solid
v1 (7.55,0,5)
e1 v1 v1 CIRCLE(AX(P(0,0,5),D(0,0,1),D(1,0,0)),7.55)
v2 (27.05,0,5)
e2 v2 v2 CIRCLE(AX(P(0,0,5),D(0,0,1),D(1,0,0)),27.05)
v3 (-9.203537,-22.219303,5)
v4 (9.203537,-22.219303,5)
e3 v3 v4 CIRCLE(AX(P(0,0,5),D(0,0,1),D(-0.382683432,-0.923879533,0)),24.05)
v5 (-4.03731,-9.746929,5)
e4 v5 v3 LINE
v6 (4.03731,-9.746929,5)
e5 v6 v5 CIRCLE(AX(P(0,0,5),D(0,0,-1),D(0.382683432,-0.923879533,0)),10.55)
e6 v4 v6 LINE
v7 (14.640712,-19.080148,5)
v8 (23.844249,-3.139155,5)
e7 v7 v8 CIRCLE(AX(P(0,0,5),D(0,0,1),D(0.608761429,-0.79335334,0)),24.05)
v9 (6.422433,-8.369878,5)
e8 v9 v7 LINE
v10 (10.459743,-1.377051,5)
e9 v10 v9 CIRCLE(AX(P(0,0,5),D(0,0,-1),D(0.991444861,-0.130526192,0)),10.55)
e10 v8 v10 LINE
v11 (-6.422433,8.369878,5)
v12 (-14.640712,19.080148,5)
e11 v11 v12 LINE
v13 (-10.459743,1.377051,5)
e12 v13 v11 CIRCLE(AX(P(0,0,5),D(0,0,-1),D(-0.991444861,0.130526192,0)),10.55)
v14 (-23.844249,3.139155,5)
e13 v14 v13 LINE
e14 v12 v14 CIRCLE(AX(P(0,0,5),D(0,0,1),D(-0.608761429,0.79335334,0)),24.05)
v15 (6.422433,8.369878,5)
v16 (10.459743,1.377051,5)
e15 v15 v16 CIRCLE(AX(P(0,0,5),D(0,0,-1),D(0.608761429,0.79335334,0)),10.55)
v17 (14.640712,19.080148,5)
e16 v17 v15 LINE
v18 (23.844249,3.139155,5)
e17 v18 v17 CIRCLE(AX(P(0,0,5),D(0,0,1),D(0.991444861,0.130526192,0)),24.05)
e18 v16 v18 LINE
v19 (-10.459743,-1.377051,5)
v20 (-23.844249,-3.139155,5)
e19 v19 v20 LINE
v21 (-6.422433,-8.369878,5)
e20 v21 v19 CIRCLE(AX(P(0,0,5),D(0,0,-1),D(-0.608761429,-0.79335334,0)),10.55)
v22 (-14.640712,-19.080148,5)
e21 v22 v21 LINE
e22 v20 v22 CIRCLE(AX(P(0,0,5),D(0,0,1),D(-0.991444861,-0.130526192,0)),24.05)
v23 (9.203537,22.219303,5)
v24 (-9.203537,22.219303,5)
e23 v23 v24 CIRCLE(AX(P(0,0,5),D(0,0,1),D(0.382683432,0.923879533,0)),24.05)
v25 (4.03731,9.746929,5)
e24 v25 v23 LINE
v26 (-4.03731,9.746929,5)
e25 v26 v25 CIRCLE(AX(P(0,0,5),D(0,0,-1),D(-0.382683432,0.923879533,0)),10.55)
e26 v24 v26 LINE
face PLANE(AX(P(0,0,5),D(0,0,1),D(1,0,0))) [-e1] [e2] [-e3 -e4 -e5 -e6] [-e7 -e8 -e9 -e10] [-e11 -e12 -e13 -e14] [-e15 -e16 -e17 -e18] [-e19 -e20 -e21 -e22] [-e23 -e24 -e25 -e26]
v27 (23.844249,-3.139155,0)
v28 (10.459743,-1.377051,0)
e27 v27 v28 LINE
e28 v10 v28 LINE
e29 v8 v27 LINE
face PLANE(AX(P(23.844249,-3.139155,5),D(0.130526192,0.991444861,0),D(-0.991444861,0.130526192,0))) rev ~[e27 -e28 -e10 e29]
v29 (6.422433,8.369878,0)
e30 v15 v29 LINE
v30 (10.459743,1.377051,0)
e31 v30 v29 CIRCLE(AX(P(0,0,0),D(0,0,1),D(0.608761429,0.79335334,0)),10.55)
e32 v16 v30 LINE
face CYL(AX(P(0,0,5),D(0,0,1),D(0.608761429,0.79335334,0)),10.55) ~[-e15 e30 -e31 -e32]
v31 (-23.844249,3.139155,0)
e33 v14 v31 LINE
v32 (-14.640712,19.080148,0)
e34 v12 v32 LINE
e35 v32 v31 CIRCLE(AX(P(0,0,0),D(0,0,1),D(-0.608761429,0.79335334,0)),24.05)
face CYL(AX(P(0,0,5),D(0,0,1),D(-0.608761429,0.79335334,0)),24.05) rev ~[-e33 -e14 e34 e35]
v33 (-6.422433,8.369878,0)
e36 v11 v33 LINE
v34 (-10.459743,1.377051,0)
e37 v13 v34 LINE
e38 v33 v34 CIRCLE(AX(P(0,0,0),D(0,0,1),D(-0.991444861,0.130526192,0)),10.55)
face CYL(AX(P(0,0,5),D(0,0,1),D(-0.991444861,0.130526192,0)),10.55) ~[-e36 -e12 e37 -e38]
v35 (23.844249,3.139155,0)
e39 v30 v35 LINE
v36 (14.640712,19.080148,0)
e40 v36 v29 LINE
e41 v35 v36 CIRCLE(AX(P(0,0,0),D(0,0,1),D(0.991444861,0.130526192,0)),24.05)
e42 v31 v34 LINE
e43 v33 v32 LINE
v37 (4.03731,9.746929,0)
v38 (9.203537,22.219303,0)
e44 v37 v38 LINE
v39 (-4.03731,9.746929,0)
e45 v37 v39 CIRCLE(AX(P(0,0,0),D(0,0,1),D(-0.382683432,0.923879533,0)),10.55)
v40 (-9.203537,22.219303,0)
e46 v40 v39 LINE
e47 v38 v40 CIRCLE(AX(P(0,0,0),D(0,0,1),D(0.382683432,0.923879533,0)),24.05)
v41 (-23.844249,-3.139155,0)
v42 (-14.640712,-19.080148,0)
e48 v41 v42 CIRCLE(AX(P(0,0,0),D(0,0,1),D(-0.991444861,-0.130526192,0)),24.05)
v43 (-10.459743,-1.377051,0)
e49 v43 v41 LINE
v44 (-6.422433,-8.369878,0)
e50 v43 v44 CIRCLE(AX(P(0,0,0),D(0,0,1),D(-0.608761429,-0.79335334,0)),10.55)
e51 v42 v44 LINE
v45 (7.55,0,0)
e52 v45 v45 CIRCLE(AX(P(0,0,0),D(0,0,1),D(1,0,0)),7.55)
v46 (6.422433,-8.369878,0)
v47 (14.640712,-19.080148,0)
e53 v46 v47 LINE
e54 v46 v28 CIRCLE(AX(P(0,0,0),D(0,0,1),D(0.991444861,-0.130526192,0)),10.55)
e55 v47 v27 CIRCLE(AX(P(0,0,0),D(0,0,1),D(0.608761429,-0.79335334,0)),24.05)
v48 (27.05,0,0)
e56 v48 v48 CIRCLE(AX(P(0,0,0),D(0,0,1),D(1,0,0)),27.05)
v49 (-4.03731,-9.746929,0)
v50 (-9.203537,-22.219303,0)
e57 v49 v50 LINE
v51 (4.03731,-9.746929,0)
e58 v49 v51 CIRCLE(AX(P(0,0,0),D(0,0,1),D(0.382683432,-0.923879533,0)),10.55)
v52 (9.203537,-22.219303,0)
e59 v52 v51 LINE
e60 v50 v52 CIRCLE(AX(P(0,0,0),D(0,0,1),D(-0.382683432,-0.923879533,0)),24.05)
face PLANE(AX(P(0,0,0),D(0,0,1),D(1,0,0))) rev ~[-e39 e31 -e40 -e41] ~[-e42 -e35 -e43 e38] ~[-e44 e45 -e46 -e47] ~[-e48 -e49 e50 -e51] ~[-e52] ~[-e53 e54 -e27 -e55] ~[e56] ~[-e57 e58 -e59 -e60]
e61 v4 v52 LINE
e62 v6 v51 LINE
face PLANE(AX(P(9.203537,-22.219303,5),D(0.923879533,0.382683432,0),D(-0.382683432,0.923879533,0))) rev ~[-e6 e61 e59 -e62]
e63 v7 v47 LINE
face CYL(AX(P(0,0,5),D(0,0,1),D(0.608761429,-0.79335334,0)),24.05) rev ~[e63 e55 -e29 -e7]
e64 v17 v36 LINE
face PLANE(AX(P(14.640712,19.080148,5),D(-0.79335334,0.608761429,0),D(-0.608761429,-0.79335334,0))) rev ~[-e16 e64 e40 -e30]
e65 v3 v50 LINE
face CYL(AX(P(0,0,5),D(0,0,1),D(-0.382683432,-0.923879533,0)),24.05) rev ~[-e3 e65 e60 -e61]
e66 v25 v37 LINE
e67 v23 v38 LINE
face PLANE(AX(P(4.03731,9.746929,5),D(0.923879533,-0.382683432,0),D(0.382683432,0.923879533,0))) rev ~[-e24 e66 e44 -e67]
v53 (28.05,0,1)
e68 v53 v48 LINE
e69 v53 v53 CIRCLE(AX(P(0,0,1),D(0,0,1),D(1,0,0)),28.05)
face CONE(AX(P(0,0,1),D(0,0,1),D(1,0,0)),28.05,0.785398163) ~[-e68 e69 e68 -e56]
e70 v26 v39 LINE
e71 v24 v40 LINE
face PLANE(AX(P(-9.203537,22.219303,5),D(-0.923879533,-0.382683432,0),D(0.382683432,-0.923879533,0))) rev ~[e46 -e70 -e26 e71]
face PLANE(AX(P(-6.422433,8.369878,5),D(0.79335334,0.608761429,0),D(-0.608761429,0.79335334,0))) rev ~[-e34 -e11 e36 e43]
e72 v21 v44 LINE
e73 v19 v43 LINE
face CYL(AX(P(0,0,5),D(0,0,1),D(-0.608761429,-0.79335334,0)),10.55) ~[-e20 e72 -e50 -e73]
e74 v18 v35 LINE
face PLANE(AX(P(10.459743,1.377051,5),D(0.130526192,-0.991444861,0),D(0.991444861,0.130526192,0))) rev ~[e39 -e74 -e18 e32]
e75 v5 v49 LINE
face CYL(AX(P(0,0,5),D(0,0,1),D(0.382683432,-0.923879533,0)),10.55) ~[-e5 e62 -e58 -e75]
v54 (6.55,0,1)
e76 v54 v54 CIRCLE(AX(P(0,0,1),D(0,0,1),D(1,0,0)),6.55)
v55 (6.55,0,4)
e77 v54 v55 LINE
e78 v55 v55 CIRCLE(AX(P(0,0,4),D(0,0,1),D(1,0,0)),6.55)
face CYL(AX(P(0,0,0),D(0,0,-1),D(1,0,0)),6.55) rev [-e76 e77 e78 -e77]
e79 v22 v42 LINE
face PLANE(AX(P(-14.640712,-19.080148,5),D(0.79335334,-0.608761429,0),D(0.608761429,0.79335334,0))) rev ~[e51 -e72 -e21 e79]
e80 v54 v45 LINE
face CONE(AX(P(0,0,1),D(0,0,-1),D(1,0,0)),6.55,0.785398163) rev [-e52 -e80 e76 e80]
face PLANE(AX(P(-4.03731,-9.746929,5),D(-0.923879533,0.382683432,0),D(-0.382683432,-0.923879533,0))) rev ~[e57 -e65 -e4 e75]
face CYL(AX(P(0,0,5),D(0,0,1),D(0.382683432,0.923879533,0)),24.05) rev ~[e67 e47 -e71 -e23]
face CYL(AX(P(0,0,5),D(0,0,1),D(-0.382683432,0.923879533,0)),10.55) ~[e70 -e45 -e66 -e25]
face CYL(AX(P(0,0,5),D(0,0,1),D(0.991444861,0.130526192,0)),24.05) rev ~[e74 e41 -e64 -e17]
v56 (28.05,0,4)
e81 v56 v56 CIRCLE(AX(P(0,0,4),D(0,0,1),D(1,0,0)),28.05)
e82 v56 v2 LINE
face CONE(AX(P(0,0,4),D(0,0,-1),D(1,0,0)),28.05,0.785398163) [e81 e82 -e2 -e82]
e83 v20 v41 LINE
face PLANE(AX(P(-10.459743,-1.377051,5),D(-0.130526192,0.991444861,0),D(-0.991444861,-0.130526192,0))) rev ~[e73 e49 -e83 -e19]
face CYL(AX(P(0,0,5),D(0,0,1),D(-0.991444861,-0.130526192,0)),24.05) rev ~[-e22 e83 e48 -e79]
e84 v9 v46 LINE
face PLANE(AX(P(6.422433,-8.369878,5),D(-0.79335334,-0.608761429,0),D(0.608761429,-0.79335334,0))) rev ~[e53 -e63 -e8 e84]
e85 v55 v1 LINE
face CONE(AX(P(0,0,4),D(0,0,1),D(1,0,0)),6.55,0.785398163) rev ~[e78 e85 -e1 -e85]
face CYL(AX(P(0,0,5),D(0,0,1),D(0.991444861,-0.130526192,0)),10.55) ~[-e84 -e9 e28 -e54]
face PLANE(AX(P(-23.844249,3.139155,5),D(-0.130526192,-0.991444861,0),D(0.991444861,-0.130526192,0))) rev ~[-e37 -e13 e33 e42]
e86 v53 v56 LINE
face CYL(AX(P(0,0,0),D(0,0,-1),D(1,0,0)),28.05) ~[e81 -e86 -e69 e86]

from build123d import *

# Parameters (mm, degrees)
F1_R     = 28.05
F1_R_2   = 6.55
F2_DEPTH = 5
F3_SIZE  = 1
F5_DEPTH = 5.001


with BuildPart() as f2:
    # F1 (on Top) → F2 (new body)
    with BuildSketch(Plane.XY):
        Circle(F1_R)
        Circle(F1_R_2, mode=Mode.SUBTRACT)
    extrude(amount=F2_DEPTH)

    # F3
    f3_edges = [f2.edges().sort_by_distance(p)[0] for p in [
        (-28.05, 0, 0),
        (-28.05, 0, 5),
        (-6.55, 0, 5),
        (-6.55, 0, 0),
    ]]
    chamfer(f3_edges, length=F3_SIZE)

    # F4 (on face) → F5 (cut, through all)
    with BuildSketch(Plane.XY.offset(5)):
        with BuildLine():
            Line((4.0373102115, 9.746929068), (9.2035365484, 22.2193027569))
            ThreePointArc((9.2035365484, 22.2193027569), (0, 24.05), (-9.2035365484, 22.2193027569))
            Line((-9.2035365484, 22.2193027569), (-4.0373102115, 9.746929068))
            ThreePointArc((-4.0373102115, 9.746929068), (0, 10.55), (4.0373102115, 9.746929068))
        make_face()
        with BuildLine():
            ThreePointArc((-14.6407123677, 19.080147834), (-20.827910961, 12.025), (-23.844248916, 3.1391549229))
            Line((-23.844248916, 3.1391549229), (-10.4597432875, 1.3770513279))
            ThreePointArc((-10.4597432875, 1.3770513279), (-9.1365680099, 5.275), (-6.422433076, 8.3698777401))
            Line((-6.422433076, 8.3698777401), (-14.6407123677, 19.080147834))
        make_face()
        with BuildLine():
            ThreePointArc((-23.844248916, -3.1391549229), (-20.827910961, -12.025), (-14.6407123677, -19.080147834))
            Line((-14.6407123677, -19.080147834), (-6.422433076, -8.3698777401))
            ThreePointArc((-6.422433076, -8.3698777401), (-9.1365680099, -5.275), (-10.4597432875, -1.3770513279))
            Line((-10.4597432875, -1.3770513279), (-23.844248916, -3.1391549229))
        make_face()
        with BuildLine():
            ThreePointArc((-9.2035365484, -22.2193027569), (0, -24.05), (9.2035365484, -22.2193027569))
            Line((9.2035365484, -22.2193027569), (4.0373102115, -9.746929068))
            ThreePointArc((4.0373102115, -9.746929068), (0, -10.55), (-4.0373102115, -9.746929068))
            Line((-4.0373102115, -9.746929068), (-9.2035365484, -22.2193027569))
        make_face()
        with BuildLine():
            ThreePointArc((14.6407123677, -19.080147834), (20.827910961, -12.025), (23.844248916, -3.1391549229))
            Line((23.844248916, -3.1391549229), (10.4597432875, -1.3770513279))
            ThreePointArc((10.4597432875, -1.3770513279), (9.1365680099, -5.275), (6.422433076, -8.3698777401))
            Line((6.422433076, -8.3698777401), (14.6407123677, -19.080147834))
        make_face()
        with BuildLine():
            ThreePointArc((23.844248916, 3.1391549229), (20.827910961, 12.025), (14.6407123677, 19.080147834))
            Line((14.6407123677, 19.080147834), (6.422433076, 8.3698777401))
            ThreePointArc((6.422433076, 8.3698777401), (9.1365680099, 5.275), (10.4597432875, 1.3770513279))
            Line((10.4597432875, 1.3770513279), (23.844248916, 3.1391549229))
        make_face()
    extrude(amount=-F5_DEPTH, mode=Mode.SUBTRACT)


solid = f2.part
